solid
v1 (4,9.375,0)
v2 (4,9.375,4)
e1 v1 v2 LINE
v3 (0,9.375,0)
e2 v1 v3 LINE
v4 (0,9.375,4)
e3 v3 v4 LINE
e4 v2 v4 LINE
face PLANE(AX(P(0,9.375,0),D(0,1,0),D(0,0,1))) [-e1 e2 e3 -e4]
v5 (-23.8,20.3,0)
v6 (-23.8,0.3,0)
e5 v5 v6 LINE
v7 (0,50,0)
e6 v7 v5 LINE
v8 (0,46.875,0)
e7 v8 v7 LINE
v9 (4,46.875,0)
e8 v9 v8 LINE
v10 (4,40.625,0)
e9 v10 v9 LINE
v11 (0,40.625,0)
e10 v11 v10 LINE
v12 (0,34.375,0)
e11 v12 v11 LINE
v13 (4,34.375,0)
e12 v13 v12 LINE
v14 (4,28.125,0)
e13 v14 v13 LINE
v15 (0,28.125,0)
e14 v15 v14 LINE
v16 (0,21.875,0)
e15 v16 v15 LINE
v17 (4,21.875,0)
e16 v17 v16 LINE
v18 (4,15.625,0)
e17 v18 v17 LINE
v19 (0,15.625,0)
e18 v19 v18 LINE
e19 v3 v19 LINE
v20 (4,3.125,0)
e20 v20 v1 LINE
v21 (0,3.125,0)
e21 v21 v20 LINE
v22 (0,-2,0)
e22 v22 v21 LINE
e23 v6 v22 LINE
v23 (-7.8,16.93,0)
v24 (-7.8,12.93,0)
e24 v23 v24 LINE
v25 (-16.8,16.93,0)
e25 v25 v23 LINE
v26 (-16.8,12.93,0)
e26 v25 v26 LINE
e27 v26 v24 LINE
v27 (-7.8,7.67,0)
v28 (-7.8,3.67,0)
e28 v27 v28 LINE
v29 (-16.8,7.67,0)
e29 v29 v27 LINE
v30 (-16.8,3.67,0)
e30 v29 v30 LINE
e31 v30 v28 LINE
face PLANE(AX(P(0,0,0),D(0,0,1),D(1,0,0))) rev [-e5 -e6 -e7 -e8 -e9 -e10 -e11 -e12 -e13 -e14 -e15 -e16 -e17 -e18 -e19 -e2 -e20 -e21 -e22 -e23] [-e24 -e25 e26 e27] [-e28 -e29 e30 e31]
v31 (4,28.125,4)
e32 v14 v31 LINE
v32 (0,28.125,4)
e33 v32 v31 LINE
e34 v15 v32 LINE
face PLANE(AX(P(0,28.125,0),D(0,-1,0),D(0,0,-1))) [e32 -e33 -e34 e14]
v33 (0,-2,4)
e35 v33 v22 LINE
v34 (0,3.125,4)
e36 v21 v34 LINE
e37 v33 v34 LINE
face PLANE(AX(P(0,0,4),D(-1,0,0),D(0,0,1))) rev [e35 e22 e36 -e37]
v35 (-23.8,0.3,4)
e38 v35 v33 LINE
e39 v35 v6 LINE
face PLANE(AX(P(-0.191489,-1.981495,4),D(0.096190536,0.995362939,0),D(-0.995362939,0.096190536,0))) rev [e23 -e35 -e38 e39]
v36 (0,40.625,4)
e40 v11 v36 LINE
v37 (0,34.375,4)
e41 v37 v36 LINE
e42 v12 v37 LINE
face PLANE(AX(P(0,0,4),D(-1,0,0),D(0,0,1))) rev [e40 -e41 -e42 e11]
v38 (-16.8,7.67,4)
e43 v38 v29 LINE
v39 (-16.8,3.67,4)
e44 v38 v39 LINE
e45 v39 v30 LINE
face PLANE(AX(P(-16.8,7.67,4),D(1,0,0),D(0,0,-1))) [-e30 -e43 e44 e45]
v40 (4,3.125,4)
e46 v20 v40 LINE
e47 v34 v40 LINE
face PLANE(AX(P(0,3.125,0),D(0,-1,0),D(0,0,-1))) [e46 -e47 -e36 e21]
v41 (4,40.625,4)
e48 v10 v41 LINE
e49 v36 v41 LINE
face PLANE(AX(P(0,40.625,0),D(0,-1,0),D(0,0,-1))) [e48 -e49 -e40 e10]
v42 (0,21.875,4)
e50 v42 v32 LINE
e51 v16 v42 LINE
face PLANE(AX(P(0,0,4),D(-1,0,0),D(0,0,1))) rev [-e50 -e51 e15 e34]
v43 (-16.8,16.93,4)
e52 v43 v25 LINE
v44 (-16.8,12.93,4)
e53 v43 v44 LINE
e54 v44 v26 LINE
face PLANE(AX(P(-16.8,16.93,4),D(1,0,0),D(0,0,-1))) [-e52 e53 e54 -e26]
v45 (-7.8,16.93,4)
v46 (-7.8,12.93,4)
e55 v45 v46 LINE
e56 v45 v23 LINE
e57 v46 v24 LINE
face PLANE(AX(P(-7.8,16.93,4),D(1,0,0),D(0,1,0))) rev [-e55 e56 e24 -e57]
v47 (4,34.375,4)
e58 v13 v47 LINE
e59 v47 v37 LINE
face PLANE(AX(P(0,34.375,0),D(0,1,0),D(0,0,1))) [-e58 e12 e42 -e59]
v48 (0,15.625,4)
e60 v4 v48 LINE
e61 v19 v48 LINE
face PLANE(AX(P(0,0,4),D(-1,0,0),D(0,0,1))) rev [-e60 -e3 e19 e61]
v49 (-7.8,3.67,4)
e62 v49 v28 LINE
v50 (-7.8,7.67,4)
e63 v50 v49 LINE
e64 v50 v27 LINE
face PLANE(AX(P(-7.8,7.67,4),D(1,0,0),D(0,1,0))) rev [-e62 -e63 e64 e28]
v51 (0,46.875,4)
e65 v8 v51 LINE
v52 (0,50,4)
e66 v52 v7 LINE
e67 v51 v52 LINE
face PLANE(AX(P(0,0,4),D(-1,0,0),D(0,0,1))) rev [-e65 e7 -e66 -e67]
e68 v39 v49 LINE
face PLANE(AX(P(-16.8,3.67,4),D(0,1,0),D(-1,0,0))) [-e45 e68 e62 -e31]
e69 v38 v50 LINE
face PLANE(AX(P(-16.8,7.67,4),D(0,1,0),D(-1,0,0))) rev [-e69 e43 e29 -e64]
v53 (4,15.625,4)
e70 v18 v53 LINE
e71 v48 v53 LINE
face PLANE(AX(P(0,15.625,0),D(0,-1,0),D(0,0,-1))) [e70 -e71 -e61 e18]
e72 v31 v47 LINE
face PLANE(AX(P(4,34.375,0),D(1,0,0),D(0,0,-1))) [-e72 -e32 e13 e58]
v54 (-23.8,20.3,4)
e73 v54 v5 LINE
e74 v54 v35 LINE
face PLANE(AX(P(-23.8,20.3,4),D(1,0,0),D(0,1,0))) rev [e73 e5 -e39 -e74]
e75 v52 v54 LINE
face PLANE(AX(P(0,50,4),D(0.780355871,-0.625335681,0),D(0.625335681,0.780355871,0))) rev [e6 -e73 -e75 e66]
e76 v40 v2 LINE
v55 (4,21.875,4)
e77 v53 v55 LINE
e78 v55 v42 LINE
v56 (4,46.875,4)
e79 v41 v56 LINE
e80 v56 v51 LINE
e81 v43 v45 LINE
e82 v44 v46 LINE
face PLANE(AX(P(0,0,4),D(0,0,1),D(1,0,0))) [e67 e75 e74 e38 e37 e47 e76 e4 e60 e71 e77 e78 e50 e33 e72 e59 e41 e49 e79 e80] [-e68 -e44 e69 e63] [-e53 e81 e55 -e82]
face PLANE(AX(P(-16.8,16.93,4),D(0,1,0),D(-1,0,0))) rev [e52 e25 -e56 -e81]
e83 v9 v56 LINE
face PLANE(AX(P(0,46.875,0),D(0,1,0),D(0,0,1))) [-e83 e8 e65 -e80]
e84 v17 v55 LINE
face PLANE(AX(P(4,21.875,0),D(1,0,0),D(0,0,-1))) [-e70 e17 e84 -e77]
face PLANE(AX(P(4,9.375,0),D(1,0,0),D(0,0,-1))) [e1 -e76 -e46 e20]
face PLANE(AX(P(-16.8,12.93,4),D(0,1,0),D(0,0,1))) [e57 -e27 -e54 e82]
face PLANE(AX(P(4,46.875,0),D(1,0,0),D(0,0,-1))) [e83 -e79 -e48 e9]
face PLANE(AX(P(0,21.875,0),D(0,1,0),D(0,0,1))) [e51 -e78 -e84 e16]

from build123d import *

# Parameters (mm, degrees)
SCHIZZO1_W                   = 9
SCHIZZO1_H                   = 4
ESTRUSIONE_ESTRUSIONE1_DEPTH = 4
SCHIZZO2_W                   = 4
SCHIZZO2_H                   = 6.25
ESTRUSIONE_ESTRUSIONE2_DEPTH = 4
RIPETIZIONE_A_L1_COUNT       = 4
RIPETIZIONE_A_L1_PITCH       = 12.5


with BuildPart() as part:
    # Schizzo1 → Estrusione-Estrusione1 (new body)
    with BuildSketch(Plane.XY):
        Polygon((0, 50), (-23.8, 20.3), (-23.8, 0.3), (0, -2), align=None)
        with Locations((-12.3, 5.67)):
            Rectangle(SCHIZZO1_W, SCHIZZO1_H, mode=Mode.SUBTRACT)
        with Locations((-12.3, 14.93)):
            Rectangle(SCHIZZO1_W, SCHIZZO1_H, mode=Mode.SUBTRACT)
    extrude(amount=ESTRUSIONE_ESTRUSIONE1_DEPTH)

    # Schizzo2 → Estrusione-Estrusione2 (add)
    with BuildSketch(Plane.XY.offset(4)):
        with Locations((2, 43.75)):
            Rectangle(SCHIZZO2_W, SCHIZZO2_H)
    estrusione_estrusione2 = extrude(amount=-ESTRUSIONE_ESTRUSIONE2_DEPTH)

    # Ripetizione a L1: Estrusione-Estrusione2 ×4
    with Locations(*[(0, -i * RIPETIZIONE_A_L1_PITCH, 0) for i in range(1, RIPETIZIONE_A_L1_COUNT)]):
        add(estrusione_estrusione2)


solid = part.part
